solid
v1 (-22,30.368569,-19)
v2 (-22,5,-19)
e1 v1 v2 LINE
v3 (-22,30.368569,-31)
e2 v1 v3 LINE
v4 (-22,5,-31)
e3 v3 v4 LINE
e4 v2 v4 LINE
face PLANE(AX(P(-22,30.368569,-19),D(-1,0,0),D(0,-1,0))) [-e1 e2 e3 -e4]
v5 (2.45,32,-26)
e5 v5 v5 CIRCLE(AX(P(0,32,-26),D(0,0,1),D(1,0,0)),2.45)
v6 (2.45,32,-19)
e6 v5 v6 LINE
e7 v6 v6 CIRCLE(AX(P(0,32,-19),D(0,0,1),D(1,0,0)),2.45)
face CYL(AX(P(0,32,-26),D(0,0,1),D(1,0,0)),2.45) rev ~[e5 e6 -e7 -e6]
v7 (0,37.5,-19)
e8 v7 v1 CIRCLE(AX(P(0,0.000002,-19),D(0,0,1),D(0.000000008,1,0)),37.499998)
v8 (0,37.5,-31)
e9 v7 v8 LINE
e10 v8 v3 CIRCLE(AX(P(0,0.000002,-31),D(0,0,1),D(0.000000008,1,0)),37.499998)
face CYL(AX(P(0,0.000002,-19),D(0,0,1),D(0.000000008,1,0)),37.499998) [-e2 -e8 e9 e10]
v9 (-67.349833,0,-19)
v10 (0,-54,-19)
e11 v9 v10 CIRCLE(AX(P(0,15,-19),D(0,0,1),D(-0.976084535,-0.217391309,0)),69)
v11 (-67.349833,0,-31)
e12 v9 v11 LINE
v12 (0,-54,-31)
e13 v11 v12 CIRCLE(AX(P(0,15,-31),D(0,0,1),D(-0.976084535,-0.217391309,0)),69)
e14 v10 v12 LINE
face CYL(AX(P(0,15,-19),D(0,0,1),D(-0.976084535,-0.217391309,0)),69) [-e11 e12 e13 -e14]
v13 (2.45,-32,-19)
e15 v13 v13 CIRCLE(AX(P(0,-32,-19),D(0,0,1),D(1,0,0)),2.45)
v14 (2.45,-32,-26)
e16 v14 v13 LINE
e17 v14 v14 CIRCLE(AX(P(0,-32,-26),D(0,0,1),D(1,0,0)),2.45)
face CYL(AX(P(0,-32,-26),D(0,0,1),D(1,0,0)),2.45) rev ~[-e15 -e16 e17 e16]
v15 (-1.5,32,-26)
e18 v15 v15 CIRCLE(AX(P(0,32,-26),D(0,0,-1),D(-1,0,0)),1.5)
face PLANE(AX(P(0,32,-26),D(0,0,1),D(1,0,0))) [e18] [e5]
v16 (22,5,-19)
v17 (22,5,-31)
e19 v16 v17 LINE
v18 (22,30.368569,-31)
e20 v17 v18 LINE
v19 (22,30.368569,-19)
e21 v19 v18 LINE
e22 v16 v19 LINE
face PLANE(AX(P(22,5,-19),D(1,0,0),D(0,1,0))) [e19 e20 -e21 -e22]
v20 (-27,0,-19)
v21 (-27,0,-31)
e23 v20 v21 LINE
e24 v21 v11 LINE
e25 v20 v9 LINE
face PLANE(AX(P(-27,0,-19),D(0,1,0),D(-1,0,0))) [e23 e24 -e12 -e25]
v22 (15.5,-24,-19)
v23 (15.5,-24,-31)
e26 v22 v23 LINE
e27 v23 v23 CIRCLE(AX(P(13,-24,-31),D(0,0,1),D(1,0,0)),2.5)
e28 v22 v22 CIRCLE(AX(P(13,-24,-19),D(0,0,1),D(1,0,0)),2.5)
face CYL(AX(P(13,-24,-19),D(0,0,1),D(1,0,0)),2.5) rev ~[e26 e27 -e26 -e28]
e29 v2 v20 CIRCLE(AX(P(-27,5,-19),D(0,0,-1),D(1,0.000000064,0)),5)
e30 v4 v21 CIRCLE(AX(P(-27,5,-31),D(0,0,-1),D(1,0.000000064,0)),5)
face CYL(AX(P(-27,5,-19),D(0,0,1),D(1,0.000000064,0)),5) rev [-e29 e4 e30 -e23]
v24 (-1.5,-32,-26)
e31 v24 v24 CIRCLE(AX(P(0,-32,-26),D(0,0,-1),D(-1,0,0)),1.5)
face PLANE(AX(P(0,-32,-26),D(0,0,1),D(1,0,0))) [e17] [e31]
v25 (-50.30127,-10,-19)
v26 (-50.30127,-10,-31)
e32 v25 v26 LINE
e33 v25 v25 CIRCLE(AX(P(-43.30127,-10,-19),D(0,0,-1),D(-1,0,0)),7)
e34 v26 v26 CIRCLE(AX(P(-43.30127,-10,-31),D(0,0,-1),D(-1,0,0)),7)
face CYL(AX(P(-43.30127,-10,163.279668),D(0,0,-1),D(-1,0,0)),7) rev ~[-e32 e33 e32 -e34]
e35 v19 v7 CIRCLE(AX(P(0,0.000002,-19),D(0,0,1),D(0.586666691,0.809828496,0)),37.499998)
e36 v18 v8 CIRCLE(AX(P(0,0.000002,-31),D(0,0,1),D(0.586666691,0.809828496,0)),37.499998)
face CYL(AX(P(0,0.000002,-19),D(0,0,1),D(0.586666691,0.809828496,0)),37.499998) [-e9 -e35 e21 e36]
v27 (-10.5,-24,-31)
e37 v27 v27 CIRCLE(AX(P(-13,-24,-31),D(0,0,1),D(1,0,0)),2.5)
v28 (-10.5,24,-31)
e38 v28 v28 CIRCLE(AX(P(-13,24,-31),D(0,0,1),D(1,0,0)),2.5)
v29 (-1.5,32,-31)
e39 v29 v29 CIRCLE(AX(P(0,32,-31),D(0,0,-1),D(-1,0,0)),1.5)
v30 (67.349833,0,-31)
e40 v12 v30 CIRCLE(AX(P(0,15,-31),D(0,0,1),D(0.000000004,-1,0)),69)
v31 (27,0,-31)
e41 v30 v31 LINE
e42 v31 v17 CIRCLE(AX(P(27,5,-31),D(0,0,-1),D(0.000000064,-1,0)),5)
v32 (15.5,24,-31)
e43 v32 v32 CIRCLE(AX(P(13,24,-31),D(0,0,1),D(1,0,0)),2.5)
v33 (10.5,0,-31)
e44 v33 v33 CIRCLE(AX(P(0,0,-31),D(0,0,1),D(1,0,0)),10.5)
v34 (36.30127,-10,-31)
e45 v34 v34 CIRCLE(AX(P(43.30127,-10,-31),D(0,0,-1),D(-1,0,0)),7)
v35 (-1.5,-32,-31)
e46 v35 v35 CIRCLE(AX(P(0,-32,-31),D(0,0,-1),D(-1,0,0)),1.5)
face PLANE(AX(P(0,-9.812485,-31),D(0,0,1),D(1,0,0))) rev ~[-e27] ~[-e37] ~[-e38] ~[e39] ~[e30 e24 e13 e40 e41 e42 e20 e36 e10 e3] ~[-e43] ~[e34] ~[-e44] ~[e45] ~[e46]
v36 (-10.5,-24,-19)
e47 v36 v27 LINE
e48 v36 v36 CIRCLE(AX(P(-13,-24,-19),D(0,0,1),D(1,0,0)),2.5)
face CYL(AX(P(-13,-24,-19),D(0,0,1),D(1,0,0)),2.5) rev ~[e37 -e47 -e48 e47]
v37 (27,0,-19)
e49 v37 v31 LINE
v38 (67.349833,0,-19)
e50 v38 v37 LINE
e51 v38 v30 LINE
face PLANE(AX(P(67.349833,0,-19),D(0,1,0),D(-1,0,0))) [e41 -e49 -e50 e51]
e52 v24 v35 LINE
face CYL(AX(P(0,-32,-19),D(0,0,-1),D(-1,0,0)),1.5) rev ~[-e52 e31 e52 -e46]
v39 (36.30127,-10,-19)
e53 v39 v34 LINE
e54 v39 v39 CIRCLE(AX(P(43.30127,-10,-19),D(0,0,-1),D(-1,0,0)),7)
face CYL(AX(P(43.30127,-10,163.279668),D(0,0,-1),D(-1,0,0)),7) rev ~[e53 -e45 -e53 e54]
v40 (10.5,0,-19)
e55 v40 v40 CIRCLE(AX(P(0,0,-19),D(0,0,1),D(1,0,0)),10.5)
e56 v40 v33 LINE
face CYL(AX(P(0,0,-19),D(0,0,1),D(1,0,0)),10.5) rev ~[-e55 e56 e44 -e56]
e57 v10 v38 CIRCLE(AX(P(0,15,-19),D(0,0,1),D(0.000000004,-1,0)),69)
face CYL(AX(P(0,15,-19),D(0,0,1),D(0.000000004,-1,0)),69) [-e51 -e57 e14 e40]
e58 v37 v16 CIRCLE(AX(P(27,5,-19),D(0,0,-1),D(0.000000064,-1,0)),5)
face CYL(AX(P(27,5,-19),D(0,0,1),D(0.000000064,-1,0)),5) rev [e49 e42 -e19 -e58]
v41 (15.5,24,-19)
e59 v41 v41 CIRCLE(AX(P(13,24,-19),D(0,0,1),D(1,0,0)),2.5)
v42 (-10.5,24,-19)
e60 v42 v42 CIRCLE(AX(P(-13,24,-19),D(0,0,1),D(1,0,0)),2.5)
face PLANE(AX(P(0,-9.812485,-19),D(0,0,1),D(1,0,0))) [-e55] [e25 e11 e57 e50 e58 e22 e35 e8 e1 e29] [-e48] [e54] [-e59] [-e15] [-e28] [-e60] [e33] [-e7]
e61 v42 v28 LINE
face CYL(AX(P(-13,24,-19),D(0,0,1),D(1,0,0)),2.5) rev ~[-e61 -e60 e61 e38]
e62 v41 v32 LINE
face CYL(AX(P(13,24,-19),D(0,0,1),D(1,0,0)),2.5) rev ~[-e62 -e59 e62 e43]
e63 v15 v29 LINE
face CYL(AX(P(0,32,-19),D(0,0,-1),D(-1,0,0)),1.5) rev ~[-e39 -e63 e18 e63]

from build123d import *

# Parameters (mm, degrees)
F2_R           = 2.5
F2_R_2         = 10.5
F3_DEPTH       = 12
F4_D           = 3
F4_CBORE_D     = 4.9
F4_CBORE_DEPTH = 7
F5_D           = 14


with BuildPart() as f3:
    # F2 (on offset) → F3 (new body)
    with BuildSketch(Plane.XY.offset(-19)):
        with BuildLine():
            Line((-27, 0), (-67.349833, 0))
            ThreePointArc((-67.349833, 0), (-43.162484, -38.833075), (0, -54))
            ThreePointArc((0, -54), (43.162484, -38.833075), (67.349833, 0))
            Line((67.349833, 0), (27, 0))
            ThreePointArc((27, 0), (23.464466, 1.464466), (22, 5))
            Line((22, 5), (22, 30.368569))
            ThreePointArc((22, 30.368569), (11.563491, 35.672618), (0, 37.5))
            ThreePointArc((0, 37.5), (-11.563491, 35.672618), (-22, 30.368569))
            Line((-22, 30.368569), (-22, 5))
            ThreePointArc((-22, 5), (-23.464466, 1.464466), (-27, 0))
        make_face()
        with Locations((-13, -24)):
            Circle(F2_R, mode=Mode.SUBTRACT)
        with Locations((13, -24)):
            Circle(F2_R, mode=Mode.SUBTRACT)
        with Locations((-13, 24)):
            Circle(F2_R, mode=Mode.SUBTRACT)
        Circle(F2_R_2, mode=Mode.SUBTRACT)
        with Locations((13, 24)):
            Circle(F2_R, mode=Mode.SUBTRACT)
    extrude(amount=-F3_DEPTH)

    # F4 (through all)
    with Locations(Plane.XY.offset(-19)):
        with Locations((0, 32), (0, -32)):
            CounterBoreHole(F4_D / 2, F4_CBORE_D / 2, F4_CBORE_DEPTH)

    # F5 (through all)
    with Locations(Plane.XY):
        with Locations((-43.30127, -10), (43.30127, -10)):
            Hole(F5_D / 2)


solid = f3.part
